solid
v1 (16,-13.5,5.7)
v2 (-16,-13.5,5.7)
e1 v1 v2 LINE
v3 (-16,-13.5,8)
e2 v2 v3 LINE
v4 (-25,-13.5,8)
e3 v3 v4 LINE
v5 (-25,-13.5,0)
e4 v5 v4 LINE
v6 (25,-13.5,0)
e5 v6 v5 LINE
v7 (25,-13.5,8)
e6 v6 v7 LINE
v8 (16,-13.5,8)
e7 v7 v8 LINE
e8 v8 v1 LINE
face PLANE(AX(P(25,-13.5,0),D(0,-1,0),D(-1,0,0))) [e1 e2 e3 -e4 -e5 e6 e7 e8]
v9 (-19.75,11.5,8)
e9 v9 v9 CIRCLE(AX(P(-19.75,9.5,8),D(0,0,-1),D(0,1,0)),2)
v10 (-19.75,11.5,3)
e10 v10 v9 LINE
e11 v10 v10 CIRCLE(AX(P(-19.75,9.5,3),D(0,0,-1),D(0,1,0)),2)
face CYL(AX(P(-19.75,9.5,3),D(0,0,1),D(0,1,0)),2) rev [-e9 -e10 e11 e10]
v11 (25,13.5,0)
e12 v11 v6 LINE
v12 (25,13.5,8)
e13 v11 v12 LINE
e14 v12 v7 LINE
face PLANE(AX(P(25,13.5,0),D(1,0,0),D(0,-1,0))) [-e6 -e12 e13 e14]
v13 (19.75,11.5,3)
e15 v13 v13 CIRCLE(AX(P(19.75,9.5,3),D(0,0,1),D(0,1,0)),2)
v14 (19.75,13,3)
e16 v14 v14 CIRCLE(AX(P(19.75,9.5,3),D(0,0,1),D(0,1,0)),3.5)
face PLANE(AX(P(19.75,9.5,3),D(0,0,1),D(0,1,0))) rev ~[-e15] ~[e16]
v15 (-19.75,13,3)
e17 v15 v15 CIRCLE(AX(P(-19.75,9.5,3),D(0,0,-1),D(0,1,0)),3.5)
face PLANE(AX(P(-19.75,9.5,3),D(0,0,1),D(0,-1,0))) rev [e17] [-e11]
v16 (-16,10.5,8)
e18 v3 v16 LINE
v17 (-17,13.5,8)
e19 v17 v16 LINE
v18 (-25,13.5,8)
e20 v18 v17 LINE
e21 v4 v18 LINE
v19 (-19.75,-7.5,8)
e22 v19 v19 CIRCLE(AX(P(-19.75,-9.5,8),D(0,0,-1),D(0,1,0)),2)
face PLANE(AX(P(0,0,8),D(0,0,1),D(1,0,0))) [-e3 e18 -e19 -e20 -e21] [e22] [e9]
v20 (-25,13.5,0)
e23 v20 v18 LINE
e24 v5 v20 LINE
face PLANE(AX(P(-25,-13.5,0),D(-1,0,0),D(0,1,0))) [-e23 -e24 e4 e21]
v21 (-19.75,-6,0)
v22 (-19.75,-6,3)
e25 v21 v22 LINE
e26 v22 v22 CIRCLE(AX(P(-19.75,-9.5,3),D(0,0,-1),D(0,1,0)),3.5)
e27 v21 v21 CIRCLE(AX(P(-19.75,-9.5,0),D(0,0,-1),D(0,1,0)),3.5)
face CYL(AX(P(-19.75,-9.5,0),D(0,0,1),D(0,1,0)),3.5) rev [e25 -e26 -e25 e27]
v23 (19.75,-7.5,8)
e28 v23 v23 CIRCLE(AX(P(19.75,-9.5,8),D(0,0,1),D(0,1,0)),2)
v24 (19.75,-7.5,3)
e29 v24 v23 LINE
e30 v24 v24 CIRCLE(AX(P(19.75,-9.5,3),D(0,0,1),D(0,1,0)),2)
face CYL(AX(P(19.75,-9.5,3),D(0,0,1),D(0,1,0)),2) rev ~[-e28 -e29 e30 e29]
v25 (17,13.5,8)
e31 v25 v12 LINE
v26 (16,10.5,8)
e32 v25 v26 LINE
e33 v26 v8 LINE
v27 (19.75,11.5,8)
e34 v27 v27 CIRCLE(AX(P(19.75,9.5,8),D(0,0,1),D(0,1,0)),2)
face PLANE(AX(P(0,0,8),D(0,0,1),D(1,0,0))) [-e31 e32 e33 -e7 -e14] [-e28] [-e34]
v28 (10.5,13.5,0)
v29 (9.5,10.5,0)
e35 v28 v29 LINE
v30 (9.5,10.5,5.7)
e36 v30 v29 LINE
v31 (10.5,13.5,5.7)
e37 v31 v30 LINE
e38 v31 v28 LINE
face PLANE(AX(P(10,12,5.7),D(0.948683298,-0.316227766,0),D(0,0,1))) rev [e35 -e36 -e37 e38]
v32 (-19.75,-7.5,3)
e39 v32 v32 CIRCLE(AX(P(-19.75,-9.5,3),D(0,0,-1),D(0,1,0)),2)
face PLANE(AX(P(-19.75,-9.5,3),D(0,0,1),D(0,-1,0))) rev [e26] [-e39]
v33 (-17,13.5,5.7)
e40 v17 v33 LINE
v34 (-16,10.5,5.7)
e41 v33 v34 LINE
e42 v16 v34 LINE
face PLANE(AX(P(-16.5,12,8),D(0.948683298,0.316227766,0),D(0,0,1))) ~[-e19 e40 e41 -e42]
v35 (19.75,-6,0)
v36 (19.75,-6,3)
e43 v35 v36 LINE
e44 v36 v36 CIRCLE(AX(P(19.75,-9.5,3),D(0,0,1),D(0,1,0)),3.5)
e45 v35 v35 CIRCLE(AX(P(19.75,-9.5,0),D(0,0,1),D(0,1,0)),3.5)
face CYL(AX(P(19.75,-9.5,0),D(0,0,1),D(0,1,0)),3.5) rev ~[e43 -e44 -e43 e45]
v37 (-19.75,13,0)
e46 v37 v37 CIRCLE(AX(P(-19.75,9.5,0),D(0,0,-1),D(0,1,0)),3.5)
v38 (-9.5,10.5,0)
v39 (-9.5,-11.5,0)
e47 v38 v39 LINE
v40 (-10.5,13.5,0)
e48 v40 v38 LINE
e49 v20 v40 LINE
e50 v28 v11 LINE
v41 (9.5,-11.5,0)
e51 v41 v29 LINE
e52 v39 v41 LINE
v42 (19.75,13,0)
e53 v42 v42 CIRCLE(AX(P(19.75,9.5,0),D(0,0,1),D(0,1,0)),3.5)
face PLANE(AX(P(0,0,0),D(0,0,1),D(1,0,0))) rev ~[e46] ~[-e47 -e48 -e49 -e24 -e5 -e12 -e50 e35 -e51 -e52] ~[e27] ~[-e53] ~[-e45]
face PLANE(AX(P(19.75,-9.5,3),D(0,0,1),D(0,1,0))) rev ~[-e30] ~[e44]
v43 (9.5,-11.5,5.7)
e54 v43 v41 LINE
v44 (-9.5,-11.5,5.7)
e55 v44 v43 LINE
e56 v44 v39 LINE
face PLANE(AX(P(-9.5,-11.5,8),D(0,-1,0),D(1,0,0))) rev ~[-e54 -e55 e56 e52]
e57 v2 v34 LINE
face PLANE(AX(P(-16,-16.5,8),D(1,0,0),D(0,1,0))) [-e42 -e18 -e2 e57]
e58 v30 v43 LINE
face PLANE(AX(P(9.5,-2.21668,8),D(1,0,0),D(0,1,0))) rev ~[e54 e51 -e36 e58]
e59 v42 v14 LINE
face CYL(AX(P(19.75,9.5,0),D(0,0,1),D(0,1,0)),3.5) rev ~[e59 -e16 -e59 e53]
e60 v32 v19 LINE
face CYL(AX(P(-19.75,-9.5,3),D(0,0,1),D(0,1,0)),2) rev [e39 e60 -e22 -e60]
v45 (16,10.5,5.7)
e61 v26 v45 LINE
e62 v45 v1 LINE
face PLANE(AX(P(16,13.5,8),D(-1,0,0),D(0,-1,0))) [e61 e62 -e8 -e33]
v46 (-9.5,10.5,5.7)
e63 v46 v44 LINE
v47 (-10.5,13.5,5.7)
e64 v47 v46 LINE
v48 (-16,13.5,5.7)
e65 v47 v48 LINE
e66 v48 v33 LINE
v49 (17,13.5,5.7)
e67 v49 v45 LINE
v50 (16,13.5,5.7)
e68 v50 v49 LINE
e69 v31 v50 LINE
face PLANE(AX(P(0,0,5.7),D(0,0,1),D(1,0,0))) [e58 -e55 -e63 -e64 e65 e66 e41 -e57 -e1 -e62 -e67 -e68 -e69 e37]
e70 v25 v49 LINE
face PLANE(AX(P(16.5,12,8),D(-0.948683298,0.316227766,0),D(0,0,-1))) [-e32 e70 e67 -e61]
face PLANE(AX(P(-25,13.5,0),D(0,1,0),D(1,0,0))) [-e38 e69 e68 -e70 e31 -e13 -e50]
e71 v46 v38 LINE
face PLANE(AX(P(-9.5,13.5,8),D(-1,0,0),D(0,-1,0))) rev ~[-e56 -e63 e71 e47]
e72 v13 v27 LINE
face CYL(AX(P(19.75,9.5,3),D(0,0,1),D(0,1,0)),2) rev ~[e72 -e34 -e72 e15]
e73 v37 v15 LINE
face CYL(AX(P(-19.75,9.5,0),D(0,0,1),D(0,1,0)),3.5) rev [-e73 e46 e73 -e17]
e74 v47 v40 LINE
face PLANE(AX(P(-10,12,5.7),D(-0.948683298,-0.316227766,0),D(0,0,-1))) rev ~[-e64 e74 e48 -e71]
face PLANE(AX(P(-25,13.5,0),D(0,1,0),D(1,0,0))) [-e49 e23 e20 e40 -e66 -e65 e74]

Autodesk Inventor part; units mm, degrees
ref_plane "YZ Plane" through (0, 0, 0) normal (1, 0, 0) x (0, 1, 0)
ref_plane "XZ Plane" through (0, 0, 0) normal (0, 1, 0) x (-1, 0, 0)
ref_plane "XY Plane" through (0, 0, 0) normal (0, 0, 1) x (1, 0, 0)
sketch "Sketch1" plane through (0, 0, 0) normal (0, 0, 1) x (1, 0, 0)
  line L0 (-25, 13.5) -> (25, 13.5)
  line L1 (25, 13.5) -> (25, -13.5)
  line L2 (25, -13.5) -> (-25, -13.5)
  line L3 (-25, -13.5) -> (-25, 13.5)
  point P0 (0, 0)
  point P1 (0, 13.5)
  point P2 (-25, 0)
  dimension "d0" = 27
  dimension "d1" = 50
extrude "Extrusion1" add sketch "Sketch1" along normal blind 8
sketch "Sketch2" plane through (0, 0, 8) normal (0, 0, 1) x (1, 0, 0)
  arc A0 (-10.3042, 3.1624) -> (-9.6648, 2.3936) centre (-9.9845, 2.778) ccw
  line L0 (-1.0786, 10.8363) -> (-10.3042, 3.1624)
  arc A1 (-0.4391, 10.0675) -> (-1.0786, 10.8363) centre (-0.7589, 10.4519) ccw
  line L1 (-9.6648, 2.3936) -> (-0.4391, 10.0675)
  arc A2 (-9.156, -1.3455) -> (-8.5165, -2.1143) centre (-8.8363, -1.7299) ccw
  line L2 (3.1448, 8.8863) -> (-9.156, -1.3455)
  arc A3 (3.7843, 8.1175) -> (3.1448, 8.8863) centre (3.4646, 8.5019) ccw
  line L3 (-8.5165, -2.1143) -> (3.7843, 8.1175)
  arc A4 (-8.0078, -5.8535) -> (-7.3683, -6.6223) centre (-7.688, -6.2379) ccw
  line L4 (7.3683, 6.9363) -> (-8.0078, -5.8535)
  arc A5 (8.0078, 6.1675) -> (7.3683, 6.9363) centre (7.688, 6.5519) ccw
  line L5 (-7.3683, -6.6223) -> (8.0078, 6.1675)
  arc A6 (-3.7843, -7.8035) -> (-3.1448, -8.5723) centre (-3.4646, -8.1879) ccw
  line L6 (8.5165, 2.4283) -> (-3.7843, -7.8035)
  arc A7 (9.156, 1.6595) -> (8.5165, 2.4283) centre (8.8363, 2.0439) ccw
  line L7 (-3.1448, -8.5723) -> (9.156, 1.6595)
  arc A8 (0.4391, -9.7535) -> (1.0786, -10.5223) centre (0.7589, -10.1379) ccw
  line L8 (9.6648, -2.0796) -> (0.4391, -9.7535)
  arc A9 (10.3042, -2.8484) -> (9.6648, -2.0796) centre (9.9845, -2.464) ccw
  line L9 (1.0786, -10.5223) -> (10.3042, -2.8484)
  line L10 (9.5, 13.5) -> (-9.5, 13.5)
  line L11 (-9.5, 13.5) -> (-9.5, -11.5)
  line L12 (-9.5, -11.5) -> (9.5, -11.5)
  line L13 (9.5, -11.5) -> (9.5, 13.5)
  line L14 (-25, -13.5) -> (25, -13.5) projected
  line L15 (25, 13.5) -> (-25, 13.5) projected
  point P0 (0, 0)
  point P1 (0, -11.5)
  point P2 (0, -13.5)
  dimension "d4" = 19
  dimension "d5" = 2
extrude "Extrusion2" cut sketch "Sketch2" against normal through all contours L11 L10 L13 L8 A8 L9 L12 L1 A1 L0 | L0 A1 L1 L11 | L13 L9 A8 L8 | L2 A3 L3 A2 | L4 A5 L5 A4 | L6 A7 L7 A6
sketch "Sketch3" plane through (0, 0, 8) normal (0, 0, 1) x (1, 0, 0)
  line L0 (9.5, 13.5) -> (9.5, -11.5) projected
  line L1 (9.5, -11.5) -> (-9.5, -11.5) projected
  line L2 (-9.5, -11.5) -> (-9.5, 13.5) projected
  line L3 (9.5, 13.5) -> (16, 13.5)
  line L4 (25, 13.5) -> (9.5, 13.5) projected
  line L5 (16, 13.5) -> (16, -16.5)
  line L6 (16, -16.5) -> (-16, -16.5)
  line L7 (-16, -16.5) -> (-16, 13.5)
  line L8 (-9.5, 13.5) -> (-25, 13.5) projected
  circle A0 centre (0, 0.157) radius 12.5 projected
  point P0 (0, 0)
  dimension "d8" = 6.5
  dimension "d9" = 6.5
  dimension "d10" = 5
extrude "Extrusion3" cut sketch "Sketch3" against normal blind 2.3 contours L3 L5 L6 L7 L8 L2 A0 L1 L0 | A0 L0 | L2 A0 | A0 L1
sketch "Sketch4" plane through (0, 0, 0) normal (0, 0, -1) x (-1, 0, 0)
  line L0 (-25, -13.5) -> (-25, 13.5) projected
  line L1 (-25, 13.5) -> (-9.5, 13.5) projected
  line L2 (25, -13.5) -> (-25, -13.5) projected
  point P0 (0, 0)
  point P1 (-19.75, 9.5)
  point P2 (-19.75, -9.5)
  dimension "d13" = 5.25
  dimension "d14" = 4
  dimension "d15" = 4
hole "Hole1" at (19.75, 9.5, 0) at (19.75, -9.5, 0) direction (0, 0, 1) diameter 4 depth 8 tip angle 118 counterbore diameter 7 counterbore depth 3
mirror "Mirror1" about plane through (0, 0, 0) normal (1, 0, 0) of "Hole1"
chamfer "Chamfer1" distance 1 distance2 3 1 edges at (9.5, 13.5, 2.85) measured on face at (16.8333, 13.5, 1.9)
chamfer "Chamfer2" distance 1 distance2 3 1 edges at (16, 13.5, 6.85) measured on face at (17.1667, 13.5, 1.9)
chamfer "Chamfer3" distance 1 distance2 3 1 edges at (-9.5, 13.5, 2.85) measured on face at (-16.8333, 13.5, 1.9)
chamfer "Chamfer4" distance 1 distance2 3 1 edges at (-16, 13.5, 6.85) measured on face at (-17.1667, 13.5, 1.9)
equation "\"d9\" = d8"
properties part number "0008-10-003"
